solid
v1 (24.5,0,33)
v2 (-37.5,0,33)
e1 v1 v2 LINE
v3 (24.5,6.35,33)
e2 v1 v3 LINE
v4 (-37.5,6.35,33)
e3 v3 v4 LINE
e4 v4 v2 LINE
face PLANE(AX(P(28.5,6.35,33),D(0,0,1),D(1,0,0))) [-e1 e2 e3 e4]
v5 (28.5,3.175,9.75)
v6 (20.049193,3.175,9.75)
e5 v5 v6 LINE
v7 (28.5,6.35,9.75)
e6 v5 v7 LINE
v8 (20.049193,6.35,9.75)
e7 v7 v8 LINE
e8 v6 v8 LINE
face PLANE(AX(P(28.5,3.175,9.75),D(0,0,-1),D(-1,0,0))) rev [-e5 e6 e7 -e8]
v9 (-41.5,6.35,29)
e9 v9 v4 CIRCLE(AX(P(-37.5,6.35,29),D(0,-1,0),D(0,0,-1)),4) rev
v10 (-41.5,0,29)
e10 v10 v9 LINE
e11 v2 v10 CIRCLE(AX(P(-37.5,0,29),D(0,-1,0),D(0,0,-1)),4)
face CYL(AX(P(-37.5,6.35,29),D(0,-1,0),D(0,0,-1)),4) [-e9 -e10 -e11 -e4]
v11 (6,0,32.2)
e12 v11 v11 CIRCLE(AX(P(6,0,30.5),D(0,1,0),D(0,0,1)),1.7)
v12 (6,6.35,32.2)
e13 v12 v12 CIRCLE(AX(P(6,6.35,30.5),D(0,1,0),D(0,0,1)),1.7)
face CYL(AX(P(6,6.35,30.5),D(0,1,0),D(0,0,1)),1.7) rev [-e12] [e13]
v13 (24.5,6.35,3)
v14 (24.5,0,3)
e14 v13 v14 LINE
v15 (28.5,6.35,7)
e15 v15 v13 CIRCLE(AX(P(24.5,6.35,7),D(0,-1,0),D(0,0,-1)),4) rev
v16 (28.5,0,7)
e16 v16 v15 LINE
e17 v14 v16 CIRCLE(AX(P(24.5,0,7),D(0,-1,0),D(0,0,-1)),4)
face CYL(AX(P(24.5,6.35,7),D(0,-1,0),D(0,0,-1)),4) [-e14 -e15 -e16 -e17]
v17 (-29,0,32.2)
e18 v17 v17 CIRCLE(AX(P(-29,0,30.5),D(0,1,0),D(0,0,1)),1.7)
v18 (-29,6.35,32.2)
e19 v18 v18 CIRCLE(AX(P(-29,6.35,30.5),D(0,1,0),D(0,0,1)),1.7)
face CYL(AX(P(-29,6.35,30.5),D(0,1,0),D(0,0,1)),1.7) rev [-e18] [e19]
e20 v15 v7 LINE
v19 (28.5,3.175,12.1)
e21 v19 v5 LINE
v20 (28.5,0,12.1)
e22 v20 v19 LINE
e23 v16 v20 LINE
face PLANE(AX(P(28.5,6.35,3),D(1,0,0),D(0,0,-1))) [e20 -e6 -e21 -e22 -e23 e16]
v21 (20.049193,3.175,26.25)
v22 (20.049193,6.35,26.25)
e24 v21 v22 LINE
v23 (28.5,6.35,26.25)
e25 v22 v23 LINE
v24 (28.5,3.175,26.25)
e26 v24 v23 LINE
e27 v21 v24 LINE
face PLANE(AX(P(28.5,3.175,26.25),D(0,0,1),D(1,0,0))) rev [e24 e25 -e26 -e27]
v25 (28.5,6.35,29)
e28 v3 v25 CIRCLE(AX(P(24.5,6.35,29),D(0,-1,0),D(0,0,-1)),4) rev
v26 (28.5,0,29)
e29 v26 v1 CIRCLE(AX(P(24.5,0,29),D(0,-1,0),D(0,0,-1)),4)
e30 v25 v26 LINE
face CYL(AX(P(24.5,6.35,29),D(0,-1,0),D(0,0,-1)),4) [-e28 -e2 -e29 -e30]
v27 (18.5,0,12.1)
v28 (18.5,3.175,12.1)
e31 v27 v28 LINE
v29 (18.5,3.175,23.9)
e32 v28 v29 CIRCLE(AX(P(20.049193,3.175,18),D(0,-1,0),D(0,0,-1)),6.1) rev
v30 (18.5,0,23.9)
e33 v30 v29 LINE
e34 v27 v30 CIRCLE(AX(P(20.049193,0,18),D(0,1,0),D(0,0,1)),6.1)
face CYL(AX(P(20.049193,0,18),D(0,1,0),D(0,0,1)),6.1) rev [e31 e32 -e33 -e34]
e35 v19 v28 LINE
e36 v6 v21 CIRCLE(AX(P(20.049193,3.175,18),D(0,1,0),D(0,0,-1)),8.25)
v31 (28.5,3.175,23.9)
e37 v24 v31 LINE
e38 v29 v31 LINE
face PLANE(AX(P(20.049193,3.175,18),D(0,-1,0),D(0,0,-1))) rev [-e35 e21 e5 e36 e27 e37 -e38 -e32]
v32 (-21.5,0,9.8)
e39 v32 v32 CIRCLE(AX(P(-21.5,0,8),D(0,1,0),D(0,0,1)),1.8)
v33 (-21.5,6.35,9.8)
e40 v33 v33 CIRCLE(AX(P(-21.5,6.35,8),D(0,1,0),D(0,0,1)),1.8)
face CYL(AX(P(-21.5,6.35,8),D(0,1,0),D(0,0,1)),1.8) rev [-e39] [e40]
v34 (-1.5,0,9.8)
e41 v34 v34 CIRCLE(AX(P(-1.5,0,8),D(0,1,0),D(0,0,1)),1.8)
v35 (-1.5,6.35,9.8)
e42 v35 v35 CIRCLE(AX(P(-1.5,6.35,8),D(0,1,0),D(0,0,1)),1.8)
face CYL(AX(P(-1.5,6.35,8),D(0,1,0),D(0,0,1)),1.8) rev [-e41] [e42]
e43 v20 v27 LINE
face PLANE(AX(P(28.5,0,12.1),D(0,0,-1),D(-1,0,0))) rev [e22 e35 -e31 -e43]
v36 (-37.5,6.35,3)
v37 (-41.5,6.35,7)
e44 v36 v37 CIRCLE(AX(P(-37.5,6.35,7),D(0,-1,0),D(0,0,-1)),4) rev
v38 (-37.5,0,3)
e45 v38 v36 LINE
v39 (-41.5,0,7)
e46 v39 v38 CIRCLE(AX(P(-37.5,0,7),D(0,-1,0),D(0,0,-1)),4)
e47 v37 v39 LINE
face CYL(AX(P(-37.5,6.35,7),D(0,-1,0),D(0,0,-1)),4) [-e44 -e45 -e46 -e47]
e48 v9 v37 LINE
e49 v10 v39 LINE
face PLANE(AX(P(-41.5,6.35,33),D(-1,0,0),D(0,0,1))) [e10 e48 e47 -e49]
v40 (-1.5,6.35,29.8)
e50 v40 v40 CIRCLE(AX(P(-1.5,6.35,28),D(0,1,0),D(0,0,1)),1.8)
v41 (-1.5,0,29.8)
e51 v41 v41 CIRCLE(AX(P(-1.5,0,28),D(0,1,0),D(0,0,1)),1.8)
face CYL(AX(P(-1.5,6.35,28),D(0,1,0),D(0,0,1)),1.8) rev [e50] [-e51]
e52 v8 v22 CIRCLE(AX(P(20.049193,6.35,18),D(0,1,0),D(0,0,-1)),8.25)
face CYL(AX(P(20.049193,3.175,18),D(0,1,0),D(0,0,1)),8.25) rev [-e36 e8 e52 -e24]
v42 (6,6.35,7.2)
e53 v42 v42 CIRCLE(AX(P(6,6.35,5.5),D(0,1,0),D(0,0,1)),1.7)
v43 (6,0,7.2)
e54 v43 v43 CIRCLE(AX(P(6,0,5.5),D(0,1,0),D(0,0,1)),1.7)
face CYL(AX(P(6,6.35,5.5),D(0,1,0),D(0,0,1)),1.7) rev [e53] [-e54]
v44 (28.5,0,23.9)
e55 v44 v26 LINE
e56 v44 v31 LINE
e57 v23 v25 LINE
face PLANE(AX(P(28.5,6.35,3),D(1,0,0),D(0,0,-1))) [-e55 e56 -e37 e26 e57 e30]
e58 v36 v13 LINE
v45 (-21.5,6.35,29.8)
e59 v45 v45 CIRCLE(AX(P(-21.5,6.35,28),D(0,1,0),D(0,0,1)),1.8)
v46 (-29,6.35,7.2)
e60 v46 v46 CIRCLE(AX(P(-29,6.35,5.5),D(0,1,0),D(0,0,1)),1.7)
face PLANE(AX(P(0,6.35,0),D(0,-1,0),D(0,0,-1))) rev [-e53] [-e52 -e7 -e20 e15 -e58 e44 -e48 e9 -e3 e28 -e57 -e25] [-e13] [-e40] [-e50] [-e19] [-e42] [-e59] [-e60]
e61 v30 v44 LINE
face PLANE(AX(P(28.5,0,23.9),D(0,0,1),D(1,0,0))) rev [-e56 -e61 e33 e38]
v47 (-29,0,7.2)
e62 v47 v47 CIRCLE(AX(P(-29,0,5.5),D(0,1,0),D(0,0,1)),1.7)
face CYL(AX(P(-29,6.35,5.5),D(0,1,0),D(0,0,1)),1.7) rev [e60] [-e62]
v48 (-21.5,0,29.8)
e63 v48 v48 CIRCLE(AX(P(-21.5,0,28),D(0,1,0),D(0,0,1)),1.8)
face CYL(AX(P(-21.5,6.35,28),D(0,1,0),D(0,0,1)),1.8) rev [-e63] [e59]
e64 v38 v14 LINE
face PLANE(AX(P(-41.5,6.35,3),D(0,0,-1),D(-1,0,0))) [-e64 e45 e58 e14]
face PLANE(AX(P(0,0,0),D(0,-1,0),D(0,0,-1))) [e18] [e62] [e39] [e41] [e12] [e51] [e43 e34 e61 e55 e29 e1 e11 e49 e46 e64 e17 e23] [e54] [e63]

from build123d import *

# Parameters (mm, degrees)
SKETCH1_W            = 70
SKETCH1_H            = 30
BOSS_EXTRUDE1_DEPTH  = 6.35
CUT_EXTRUDE1_DEPTH   = 54.400117041
CUT_EXTRUDE2_DEPTH   = 3.175
M3_CLEARANCE_HOLE2_D = 3.6
FILLET1_R            = 4
M3_CLEARANCE_HOLE3_D = 3.4


with BuildPart() as part:
    # Sketch1 → Boss-Extrude1 (new body)
    with BuildSketch(Plane.XZ):
        with Locations((-6.5, 18)):
            Rectangle(SKETCH1_W, SKETCH1_H)
    extrude(amount=-BOSS_EXTRUDE1_DEPTH)

    # Sketch9 → Cut-Extrude1 (cut, through all)
    with BuildSketch(Plane(origin=(0, 6.35, 0), x_dir=(1, 0, 0), z_dir=(0, 1, 0))):
        with BuildLine():
            Line((28.5, -12.1), (18.5, -12.1))
            ThreePointArc((18.5, -12.1), (13.949193338, -18), (18.5, -23.9))
            Line((18.5, -23.9), (28.5, -23.9))
            Line((28.5, -23.9), (28.5, -12.1))
        make_face()
    extrude(amount=-CUT_EXTRUDE1_DEPTH, mode=Mode.SUBTRACT)

    # Sketch10 → Cut-Extrude2 (cut)
    with BuildSketch(Plane(origin=(0, 6.35, 0), x_dir=(1, 0, 0), z_dir=(0, 1, 0))):
        with BuildLine():
            Line((28.5, -26.25), (20.049193338, -26.25))
            ThreePointArc((20.049193338, -26.25), (11.799193338, -18), (20.049193338, -9.75))
            Line((20.049193338, -9.75), (28.5, -9.75))
            Line((28.5, -9.75), (28.5, -26.25))
        make_face()
    extrude(amount=-CUT_EXTRUDE2_DEPTH, mode=Mode.SUBTRACT)

    # M3 Clearance Hole2 (through all)
    with Locations(Plane(origin=(-21.5, 6.35, 28), x_dir=(0, 0, 1), z_dir=(0, 1, 0))):
        with Locations((0, 0), (-20, 0), (-20, 20), (0, 20)):
            Hole(M3_CLEARANCE_HOLE2_D / 2)

    # Fillet1
    fillet1_edges = [part.edges().sort_by_distance(p)[0] for p in [
        (-41.5, 3.175, 33),
        (28.5, 3.175, 33),
        (28.5, 3.175, 3),
        (-41.5, 3.175, 3),
    ]]
    fillet(fillet1_edges, radius=FILLET1_R)

    # M3 Clearance Hole3 (through all)
    with Locations(Plane(origin=(-29, 6.35, 5.5), x_dir=(0, 0, 1), z_dir=(0, 1, 0))):
        with Locations((0, 0), (25, 0), (25, 35), (0, 35)):
            Hole(M3_CLEARANCE_HOLE3_D / 2)


solid = part.part
